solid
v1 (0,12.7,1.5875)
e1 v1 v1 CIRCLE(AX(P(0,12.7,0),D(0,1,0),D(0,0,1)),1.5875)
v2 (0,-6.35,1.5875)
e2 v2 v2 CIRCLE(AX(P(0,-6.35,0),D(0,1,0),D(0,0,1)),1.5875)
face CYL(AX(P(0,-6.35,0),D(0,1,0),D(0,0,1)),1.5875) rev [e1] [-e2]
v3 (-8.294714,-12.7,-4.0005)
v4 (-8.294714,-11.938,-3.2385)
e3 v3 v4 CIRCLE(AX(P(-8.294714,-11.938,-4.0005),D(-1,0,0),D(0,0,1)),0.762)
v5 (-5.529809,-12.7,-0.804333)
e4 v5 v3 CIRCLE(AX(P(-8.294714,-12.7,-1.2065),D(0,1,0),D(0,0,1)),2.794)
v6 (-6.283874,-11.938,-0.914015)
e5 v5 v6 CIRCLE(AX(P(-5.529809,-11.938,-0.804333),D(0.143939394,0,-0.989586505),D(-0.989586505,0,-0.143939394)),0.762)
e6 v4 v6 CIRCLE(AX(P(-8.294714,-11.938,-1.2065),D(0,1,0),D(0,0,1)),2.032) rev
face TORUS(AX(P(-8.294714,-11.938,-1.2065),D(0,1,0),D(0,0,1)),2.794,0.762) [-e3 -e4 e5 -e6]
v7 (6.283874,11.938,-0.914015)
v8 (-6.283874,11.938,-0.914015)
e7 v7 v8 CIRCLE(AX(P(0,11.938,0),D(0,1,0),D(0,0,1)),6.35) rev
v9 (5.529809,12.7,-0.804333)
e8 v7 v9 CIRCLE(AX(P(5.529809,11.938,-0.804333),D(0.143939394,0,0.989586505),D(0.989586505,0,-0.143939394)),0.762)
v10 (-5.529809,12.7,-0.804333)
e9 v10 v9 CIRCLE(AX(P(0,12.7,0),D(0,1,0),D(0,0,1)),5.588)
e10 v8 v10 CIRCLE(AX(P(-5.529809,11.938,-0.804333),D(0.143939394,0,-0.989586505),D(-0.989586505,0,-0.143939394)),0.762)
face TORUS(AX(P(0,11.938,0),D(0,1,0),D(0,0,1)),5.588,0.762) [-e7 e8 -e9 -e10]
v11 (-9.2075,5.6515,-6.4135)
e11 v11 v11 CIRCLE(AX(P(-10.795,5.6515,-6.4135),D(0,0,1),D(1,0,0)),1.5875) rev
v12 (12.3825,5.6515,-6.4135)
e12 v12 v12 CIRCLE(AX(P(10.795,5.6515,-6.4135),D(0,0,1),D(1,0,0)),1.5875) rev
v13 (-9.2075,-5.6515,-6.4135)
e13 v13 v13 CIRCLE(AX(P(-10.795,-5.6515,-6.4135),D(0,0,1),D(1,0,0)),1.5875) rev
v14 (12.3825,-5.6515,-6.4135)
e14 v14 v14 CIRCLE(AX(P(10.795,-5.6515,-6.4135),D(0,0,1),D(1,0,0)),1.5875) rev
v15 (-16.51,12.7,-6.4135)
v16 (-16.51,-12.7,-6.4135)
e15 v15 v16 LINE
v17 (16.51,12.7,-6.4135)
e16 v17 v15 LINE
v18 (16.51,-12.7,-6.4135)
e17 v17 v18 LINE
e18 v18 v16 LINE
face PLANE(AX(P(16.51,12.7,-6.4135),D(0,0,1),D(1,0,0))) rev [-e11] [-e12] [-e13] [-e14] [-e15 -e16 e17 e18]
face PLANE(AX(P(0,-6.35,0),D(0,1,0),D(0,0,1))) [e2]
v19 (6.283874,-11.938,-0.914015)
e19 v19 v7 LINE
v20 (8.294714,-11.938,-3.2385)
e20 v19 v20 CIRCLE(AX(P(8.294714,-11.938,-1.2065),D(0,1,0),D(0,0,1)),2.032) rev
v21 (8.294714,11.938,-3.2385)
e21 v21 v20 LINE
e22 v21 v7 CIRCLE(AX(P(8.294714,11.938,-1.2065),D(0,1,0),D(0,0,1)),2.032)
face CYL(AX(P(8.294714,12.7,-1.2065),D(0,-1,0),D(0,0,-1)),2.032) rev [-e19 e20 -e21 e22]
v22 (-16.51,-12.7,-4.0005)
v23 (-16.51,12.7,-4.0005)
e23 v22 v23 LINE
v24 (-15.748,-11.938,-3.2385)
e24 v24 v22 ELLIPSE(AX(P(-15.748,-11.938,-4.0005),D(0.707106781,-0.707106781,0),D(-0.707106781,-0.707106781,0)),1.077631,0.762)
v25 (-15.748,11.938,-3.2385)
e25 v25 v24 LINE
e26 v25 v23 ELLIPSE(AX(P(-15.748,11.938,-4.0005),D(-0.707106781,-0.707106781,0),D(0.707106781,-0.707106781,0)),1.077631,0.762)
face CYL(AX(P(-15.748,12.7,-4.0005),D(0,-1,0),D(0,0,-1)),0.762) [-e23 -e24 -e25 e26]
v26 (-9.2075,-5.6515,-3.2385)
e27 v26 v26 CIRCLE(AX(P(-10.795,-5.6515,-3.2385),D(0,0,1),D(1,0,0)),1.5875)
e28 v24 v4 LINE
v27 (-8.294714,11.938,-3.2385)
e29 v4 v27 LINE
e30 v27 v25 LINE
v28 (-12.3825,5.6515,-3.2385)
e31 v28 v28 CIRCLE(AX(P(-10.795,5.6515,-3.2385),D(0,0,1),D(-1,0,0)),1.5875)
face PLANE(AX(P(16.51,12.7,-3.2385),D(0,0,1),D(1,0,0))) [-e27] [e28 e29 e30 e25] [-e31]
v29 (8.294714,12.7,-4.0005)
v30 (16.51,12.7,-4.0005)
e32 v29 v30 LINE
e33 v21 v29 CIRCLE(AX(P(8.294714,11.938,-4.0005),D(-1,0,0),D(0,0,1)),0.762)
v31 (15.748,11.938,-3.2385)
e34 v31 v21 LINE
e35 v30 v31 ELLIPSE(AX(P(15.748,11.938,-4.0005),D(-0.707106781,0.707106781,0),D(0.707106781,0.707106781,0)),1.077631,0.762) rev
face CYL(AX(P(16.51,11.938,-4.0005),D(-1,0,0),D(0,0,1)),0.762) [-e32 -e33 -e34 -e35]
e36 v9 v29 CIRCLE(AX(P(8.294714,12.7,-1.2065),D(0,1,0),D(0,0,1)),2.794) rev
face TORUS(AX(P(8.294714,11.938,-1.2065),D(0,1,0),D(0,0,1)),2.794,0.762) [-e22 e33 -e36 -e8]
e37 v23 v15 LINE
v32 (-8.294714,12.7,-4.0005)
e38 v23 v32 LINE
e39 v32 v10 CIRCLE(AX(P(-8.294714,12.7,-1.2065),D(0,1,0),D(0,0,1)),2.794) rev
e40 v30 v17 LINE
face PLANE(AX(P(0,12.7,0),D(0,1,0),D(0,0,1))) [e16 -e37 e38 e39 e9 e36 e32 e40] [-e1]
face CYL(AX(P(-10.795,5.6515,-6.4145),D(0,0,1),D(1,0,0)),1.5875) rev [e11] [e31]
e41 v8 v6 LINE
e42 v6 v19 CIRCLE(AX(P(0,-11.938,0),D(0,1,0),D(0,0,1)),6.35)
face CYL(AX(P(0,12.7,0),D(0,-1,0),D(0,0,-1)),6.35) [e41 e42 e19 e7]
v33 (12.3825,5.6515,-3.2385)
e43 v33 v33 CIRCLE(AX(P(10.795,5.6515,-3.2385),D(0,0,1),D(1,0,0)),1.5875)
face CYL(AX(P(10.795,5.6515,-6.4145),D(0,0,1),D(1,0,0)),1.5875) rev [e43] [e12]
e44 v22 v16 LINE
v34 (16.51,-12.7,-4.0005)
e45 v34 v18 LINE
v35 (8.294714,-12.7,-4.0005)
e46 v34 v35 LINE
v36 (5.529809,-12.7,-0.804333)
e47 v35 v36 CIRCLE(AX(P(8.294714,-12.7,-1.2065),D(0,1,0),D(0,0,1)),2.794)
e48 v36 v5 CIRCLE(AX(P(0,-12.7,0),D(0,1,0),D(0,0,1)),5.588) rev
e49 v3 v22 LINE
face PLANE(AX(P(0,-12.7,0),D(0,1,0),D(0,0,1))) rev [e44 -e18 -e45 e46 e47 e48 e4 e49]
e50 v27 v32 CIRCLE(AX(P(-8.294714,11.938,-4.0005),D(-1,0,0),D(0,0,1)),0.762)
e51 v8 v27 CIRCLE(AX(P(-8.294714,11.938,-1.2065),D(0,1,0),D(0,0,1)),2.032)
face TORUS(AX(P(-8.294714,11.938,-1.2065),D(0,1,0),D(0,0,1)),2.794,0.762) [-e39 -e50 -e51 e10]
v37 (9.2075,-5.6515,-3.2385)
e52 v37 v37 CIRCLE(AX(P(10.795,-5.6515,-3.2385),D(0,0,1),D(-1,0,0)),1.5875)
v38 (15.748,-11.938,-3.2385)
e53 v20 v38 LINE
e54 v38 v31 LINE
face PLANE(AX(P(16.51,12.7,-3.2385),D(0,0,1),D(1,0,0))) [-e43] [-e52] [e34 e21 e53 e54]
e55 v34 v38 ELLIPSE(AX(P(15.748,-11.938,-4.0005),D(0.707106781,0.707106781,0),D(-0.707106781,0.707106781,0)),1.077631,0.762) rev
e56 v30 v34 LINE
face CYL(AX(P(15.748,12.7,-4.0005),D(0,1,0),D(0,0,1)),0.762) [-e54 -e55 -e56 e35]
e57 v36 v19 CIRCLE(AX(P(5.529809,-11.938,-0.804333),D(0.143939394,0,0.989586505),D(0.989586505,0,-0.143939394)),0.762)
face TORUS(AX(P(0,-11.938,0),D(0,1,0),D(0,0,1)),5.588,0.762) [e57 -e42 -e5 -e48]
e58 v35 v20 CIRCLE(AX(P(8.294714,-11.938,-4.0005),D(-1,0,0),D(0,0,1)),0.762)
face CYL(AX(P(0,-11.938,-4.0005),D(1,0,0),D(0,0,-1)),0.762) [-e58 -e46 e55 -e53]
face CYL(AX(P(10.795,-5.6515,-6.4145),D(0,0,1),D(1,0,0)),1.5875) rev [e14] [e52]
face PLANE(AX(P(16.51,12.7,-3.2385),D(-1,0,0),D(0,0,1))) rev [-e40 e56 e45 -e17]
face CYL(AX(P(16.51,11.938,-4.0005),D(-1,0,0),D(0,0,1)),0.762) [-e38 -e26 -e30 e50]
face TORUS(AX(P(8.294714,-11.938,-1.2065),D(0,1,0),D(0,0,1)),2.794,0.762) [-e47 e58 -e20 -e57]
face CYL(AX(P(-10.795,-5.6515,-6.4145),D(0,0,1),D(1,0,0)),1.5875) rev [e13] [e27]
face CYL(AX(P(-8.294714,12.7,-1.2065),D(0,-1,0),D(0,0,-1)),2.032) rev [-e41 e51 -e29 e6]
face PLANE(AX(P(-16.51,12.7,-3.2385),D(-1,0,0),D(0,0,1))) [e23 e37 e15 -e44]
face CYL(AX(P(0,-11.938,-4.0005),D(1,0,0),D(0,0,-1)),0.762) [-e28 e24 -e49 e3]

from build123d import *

# Parameters (mm, degrees)
SKETCH1_R           = 6.35
BOSS_EXTRUDE1_DEPTH = 12.7
SKETCH2_W           = 33.02
SKETCH2_H           = 3.175
BOSS_EXTRUDE2_DEPTH = 25.4
CUT_EXTRUDE1_REACH  = 5.175
SKETCH4_R           = 1.5875
SKETCH5_R           = 1.5875
CUT_EXTRUDE2_DEPTH  = 19.05
FILLET2_R           = 2.032
FILLET3_R           = 0.762


with BuildPart() as part:
    # Sketch1 → Boss-Extrude1 (new body, symmetric)
    with BuildSketch(Plane(origin=(0, 0, 0), x_dir=(1, 0, 0), z_dir=(0, 1, 0))):
        Circle(SKETCH1_R)
    extrude(amount=BOSS_EXTRUDE1_DEPTH, both=True)

    # Sketch2 → Boss-Extrude2 (add)
    with BuildSketch(Plane.XZ.offset(12.7)):
        with Locations((0, -4.826)):
            Rectangle(SKETCH2_W, SKETCH2_H)
    extrude(amount=-BOSS_EXTRUDE2_DEPTH)

    # Sketch4 → Cut-Extrude1 (cut, up to next)
    with BuildSketch(Plane.XY.offset(-3.2385), mode=Mode.PRIVATE) as cut_extrude1_sk1:
        with Locations((10.795, 5.6515)):
            Circle(SKETCH4_R)
    cut_extrude1_tool1 = extrude(cut_extrude1_sk1.sketch, amount=-CUT_EXTRUDE1_REACH, mode=Mode.PRIVATE) & part.part
    add(cut_extrude1_tool1.solids().sort_by_distance((10.795, 5.6515, -3.2385))[0], mode=Mode.SUBTRACT)
    # Sketch4 → Cut-Extrude1 (cut, up to next)
    with BuildSketch(Plane.XY.offset(-3.2385), mode=Mode.PRIVATE) as cut_extrude1_sk2:
        with Locations((10.795, -5.6515)):
            Circle(SKETCH4_R)
    cut_extrude1_tool2 = extrude(cut_extrude1_sk2.sketch, amount=-CUT_EXTRUDE1_REACH, mode=Mode.PRIVATE) & part.part
    add(cut_extrude1_tool2.solids().sort_by_distance((10.795, -5.6515, -3.2385))[0], mode=Mode.SUBTRACT)
    # Sketch4 → Cut-Extrude1 (cut, up to next)
    with BuildSketch(Plane.XY.offset(-3.2385), mode=Mode.PRIVATE) as cut_extrude1_sk3:
        with Locations((-10.795, -5.6515)):
            Circle(SKETCH4_R)
    cut_extrude1_tool3 = extrude(cut_extrude1_sk3.sketch, amount=-CUT_EXTRUDE1_REACH, mode=Mode.PRIVATE) & part.part
    add(cut_extrude1_tool3.solids().sort_by_distance((-10.795, -5.6515, -3.2385))[0], mode=Mode.SUBTRACT)
    # Sketch4 → Cut-Extrude1 (cut, up to next)
    with BuildSketch(Plane.XY.offset(-3.2385), mode=Mode.PRIVATE) as cut_extrude1_sk4:
        with Locations((-10.795, 5.6515)):
            Circle(SKETCH4_R)
    cut_extrude1_tool4 = extrude(cut_extrude1_sk4.sketch, amount=-CUT_EXTRUDE1_REACH, mode=Mode.PRIVATE) & part.part
    add(cut_extrude1_tool4.solids().sort_by_distance((-10.795, 5.6515, -3.2385))[0], mode=Mode.SUBTRACT)

    # Sketch5 → Cut-Extrude2 (cut)
    with BuildSketch(Plane(origin=(0, 12.7, 0), x_dir=(1, 0, 0), z_dir=(0, 1, 0))):
        Circle(SKETCH5_R)
    extrude(amount=-CUT_EXTRUDE2_DEPTH, mode=Mode.SUBTRACT)

    # Fillet2
    fillet2_edges = [part.edges().sort_by_distance(p)[0] for p in [
        (-5.462107446, 0, -3.2385),
        (5.462107446, 0, -3.2385),
    ]]
    fillet(fillet2_edges, radius=FILLET2_R)

    # Fillet3
    fillet3_edges = [part.edges().sort_by_distance(p)[0] for p in [
        (12.402357042, -12.7, -3.2385),
        (0, 12.7, 6.35),
        (0, -12.7, 6.35),
        (-12.402357042, 12.7, -3.2385),
        (-12.402357042, -12.7, -3.2385),
        (-6.757939343, -12.7, -2.535916185),
        (-6.757939343, 12.7, -2.535916185),
        (6.757939343, 12.7, -2.535916185),
        (6.757939343, -12.7, -2.535916185),
        (-16.51, 0, -3.2385),
        (12.402357042, 12.7, -3.2385),
        (16.51, 0, -3.2385),
    ]]
    fillet(fillet3_edges, radius=FILLET3_R)


solid = part.part
